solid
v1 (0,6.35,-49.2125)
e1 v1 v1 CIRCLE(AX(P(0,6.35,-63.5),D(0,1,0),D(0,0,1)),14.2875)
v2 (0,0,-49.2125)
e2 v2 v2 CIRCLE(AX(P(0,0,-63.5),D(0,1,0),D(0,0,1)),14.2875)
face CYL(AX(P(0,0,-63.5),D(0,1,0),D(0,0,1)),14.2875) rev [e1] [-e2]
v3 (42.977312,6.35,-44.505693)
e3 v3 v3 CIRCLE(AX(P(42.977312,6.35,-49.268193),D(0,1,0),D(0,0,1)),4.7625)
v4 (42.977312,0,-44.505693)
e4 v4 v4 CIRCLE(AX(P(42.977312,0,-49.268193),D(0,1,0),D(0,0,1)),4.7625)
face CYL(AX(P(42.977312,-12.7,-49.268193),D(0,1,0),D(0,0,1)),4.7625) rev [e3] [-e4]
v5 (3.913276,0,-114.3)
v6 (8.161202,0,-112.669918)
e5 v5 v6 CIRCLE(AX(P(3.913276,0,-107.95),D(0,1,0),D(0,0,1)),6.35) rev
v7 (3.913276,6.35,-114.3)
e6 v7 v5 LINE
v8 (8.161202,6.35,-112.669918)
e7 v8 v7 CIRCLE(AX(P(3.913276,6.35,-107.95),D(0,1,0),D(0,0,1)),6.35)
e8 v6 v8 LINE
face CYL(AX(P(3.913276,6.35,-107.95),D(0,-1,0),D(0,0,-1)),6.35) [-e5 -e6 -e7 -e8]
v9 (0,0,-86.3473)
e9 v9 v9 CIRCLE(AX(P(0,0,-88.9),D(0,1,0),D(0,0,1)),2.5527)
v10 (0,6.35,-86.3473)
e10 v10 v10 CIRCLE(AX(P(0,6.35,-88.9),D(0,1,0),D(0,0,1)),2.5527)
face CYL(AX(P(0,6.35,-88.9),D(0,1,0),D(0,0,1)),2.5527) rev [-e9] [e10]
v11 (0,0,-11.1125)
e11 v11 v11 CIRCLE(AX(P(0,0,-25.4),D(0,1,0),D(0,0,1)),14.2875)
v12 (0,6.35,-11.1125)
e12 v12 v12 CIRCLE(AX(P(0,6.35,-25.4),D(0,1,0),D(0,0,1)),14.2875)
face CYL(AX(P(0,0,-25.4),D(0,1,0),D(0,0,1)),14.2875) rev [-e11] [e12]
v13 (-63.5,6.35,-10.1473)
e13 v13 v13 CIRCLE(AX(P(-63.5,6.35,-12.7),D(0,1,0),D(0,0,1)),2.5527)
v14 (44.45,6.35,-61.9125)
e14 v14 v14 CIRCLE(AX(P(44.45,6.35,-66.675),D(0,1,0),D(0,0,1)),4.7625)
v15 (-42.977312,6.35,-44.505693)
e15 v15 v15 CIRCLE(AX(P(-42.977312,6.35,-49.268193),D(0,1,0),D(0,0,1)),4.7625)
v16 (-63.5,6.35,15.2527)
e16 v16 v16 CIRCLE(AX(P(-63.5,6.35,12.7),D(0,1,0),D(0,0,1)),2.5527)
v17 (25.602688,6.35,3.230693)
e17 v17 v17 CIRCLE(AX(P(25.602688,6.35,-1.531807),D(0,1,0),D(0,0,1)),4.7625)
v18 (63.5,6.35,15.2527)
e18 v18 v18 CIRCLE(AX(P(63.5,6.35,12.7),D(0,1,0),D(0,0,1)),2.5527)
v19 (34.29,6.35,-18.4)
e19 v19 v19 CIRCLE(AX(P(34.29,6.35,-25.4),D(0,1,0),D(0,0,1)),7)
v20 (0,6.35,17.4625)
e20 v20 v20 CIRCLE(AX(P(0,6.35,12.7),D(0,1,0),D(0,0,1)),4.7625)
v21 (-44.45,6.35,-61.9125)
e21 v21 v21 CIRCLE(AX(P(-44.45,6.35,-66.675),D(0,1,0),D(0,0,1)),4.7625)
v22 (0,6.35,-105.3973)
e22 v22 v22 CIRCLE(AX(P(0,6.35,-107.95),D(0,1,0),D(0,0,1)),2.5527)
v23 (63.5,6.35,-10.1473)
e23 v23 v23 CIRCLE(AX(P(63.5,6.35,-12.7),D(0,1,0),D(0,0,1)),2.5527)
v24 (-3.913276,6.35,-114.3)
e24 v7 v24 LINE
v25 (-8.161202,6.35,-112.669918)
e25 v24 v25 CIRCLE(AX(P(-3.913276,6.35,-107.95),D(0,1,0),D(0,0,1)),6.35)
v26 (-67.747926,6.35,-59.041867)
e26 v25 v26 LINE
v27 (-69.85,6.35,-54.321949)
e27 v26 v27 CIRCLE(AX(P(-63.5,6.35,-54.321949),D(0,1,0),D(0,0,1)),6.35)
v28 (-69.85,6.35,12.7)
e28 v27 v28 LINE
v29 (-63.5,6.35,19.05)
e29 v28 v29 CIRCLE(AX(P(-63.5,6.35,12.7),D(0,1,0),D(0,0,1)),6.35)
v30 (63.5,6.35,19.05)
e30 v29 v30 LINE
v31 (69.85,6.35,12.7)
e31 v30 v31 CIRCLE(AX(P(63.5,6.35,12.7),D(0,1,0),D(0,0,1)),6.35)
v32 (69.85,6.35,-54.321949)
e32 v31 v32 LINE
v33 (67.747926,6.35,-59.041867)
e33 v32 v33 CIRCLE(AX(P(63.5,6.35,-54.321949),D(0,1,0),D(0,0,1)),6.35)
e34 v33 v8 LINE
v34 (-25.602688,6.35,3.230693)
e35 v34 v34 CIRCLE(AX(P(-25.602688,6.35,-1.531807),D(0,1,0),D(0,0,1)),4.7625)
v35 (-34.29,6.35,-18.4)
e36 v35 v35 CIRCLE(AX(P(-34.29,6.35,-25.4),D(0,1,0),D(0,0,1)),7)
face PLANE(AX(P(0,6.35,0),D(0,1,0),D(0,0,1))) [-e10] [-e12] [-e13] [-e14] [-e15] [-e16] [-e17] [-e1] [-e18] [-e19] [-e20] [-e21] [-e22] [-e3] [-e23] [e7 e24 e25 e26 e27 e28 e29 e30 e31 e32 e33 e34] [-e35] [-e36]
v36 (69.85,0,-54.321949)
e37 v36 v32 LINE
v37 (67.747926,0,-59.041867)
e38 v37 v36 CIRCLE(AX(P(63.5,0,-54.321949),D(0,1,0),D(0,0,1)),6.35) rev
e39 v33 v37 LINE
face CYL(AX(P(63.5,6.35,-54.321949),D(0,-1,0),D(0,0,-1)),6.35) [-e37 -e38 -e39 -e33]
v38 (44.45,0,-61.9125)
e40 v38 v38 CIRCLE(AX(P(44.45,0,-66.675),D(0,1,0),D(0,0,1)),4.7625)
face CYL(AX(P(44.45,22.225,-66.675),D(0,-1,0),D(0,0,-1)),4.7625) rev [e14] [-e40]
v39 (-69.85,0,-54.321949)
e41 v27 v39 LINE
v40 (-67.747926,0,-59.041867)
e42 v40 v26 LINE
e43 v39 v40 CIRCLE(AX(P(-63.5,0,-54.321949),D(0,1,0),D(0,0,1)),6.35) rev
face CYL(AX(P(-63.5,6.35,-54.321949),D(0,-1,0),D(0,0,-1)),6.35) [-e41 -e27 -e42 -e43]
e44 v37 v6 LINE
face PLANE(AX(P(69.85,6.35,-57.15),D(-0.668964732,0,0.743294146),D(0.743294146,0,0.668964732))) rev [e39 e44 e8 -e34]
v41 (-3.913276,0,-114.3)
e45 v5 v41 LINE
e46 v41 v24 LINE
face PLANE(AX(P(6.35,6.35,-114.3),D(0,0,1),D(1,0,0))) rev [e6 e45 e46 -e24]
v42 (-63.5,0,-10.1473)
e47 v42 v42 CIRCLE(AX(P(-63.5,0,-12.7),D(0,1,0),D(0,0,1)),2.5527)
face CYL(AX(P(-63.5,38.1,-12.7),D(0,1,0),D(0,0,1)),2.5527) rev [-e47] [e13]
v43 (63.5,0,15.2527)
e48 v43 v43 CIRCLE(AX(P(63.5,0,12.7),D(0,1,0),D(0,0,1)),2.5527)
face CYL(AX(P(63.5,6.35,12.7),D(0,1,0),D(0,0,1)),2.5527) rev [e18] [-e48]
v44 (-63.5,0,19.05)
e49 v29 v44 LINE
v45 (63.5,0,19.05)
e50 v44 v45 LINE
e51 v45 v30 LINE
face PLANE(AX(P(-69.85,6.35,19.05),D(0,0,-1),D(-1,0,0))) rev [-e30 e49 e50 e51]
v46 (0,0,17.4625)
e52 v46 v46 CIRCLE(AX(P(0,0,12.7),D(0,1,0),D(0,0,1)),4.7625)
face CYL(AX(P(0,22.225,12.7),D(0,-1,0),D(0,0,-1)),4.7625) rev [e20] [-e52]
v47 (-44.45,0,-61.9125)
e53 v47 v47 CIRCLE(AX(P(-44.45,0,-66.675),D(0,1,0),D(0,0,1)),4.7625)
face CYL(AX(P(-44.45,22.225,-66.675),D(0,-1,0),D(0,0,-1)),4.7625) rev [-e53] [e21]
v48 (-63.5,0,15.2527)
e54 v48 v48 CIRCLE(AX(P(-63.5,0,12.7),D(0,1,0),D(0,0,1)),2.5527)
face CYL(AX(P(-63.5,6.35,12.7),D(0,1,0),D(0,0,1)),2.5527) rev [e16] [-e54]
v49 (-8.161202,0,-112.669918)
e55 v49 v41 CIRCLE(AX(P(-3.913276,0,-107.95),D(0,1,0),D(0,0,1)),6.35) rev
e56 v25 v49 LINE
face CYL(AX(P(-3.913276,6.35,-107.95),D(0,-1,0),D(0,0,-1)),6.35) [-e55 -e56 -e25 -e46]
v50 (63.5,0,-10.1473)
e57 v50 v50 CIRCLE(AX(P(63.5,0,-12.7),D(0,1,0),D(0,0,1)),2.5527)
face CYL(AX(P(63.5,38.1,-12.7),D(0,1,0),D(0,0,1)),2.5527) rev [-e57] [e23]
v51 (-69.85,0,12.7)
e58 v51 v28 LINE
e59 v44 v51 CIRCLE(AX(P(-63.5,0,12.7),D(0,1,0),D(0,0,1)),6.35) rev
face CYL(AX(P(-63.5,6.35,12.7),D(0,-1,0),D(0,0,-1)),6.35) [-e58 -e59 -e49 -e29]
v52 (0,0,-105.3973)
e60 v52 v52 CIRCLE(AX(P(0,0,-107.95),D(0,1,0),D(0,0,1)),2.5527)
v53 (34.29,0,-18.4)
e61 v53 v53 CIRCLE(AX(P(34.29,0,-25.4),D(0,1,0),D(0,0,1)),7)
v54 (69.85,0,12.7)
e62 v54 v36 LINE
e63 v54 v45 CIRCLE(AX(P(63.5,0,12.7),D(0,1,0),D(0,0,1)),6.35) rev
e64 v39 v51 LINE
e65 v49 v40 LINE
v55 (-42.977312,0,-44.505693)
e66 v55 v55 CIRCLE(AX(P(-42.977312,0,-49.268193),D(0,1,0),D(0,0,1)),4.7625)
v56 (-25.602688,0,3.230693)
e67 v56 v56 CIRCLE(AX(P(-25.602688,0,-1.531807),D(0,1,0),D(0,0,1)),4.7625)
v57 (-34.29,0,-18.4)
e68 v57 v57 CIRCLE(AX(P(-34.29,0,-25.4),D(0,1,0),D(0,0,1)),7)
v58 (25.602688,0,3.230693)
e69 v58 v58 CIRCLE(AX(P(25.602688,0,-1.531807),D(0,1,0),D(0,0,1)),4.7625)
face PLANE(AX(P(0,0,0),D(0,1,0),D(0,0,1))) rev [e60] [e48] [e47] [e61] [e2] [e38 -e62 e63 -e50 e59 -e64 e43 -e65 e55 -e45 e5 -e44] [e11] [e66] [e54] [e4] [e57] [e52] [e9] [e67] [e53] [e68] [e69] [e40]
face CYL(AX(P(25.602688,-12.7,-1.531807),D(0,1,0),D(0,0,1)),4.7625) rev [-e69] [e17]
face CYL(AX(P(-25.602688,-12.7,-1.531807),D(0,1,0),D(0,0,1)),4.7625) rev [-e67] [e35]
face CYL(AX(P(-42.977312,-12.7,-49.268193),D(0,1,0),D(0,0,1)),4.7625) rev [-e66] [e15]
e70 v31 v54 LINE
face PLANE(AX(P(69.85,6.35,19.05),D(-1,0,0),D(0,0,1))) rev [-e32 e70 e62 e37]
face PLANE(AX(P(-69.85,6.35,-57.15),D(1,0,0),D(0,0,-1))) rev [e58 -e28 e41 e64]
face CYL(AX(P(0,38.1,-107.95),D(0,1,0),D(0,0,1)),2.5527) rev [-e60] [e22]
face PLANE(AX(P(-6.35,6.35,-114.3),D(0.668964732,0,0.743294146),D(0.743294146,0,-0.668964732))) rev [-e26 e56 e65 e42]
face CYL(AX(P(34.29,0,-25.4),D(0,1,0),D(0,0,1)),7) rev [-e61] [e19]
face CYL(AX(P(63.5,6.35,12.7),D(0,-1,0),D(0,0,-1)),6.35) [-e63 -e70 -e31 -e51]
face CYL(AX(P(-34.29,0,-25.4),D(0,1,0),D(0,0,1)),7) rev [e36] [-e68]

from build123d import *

# Parameters (mm, degrees)
BOSS_EXTRUDE1_DEPTH        = 6.35
SKETCH2_R                  = 7
MOTOR_BEARING_HOLES_DEPTH  = 135.10382172
SKETCH3_R                  = 14.2875
CUT_EXTRUDE1_DEPTH         = 135.10382172
SKETCH4_R                  = 14.2875
CUT_EXTRUDE2_DEPTH         = 135.10382172
SKETCH5_R                  = 4.7625
CUT_EXTRUDE3_DEPTH         = 50.8
F_10_CLEARANCE_HOLE1_D     = 5.1054
F_10_CLEARANCE_HOLE2_D     = 5.1054
F_10_CLEARANCE_HOLE2_DEPTH = 50.8
F_10_CLEARANCE_HOLE2_TIP   = 1.533816902
FILLET1_R                  = 6.35
SKETCH10_R                 = 4.7625
CUT_EXTRUDE4_DEPTH         = 50.8


with BuildPart() as part:
    # Sketch1 → Boss-Extrude1 (new body)
    with BuildSketch(Plane(origin=(0, 0, 0), x_dir=(1, 0, 0), z_dir=(0, 1, 0))):
        Polygon((-69.85, -19.05), (69.85, -19.05), (69.85, 57.15), (6.35, 114.3), (-6.35, 114.3), (-69.85, 57.15), align=None)
    extrude(amount=BOSS_EXTRUDE1_DEPTH)

    # Sketch2 → Motor Bearing Holes (cut, through all)
    with BuildSketch(Plane(origin=(0, 6.35, 0), x_dir=(1, 0, 0), z_dir=(0, 1, 0))):
        with Locations(Location((-34.29, 25.4, 0), (0, 0, 270))):
            Circle(SKETCH2_R)
        with Locations(Location((34.29, 25.4, 0), (0, 0, 270))):
            Circle(SKETCH2_R)
    extrude(amount=-MOTOR_BEARING_HOLES_DEPTH, mode=Mode.SUBTRACT)

    # Sketch3 → Cut-Extrude1 (cut, through all)
    with BuildSketch(Plane(origin=(0, 6.35, 0), x_dir=(1, 0, 0), z_dir=(0, 1, 0))):
        with Locations(Location((0, 25.4, 0), (0, 0, 270))):
            Circle(SKETCH3_R)
    extrude(amount=-CUT_EXTRUDE1_DEPTH, mode=Mode.SUBTRACT)

    # Sketch4 → Cut-Extrude2 (cut, through all)
    with BuildSketch(Plane(origin=(0, 6.35, 0), x_dir=(1, 0, 0), z_dir=(0, 1, 0))):
        with Locations(Location((0, 63.5, 0), (0, 0, 270))):
            Circle(SKETCH4_R)
    extrude(amount=-CUT_EXTRUDE2_DEPTH, mode=Mode.SUBTRACT)

    # Sketch5 → Cut-Extrude3 (cut)
    with BuildSketch(Plane(origin=(0, 38.1, 19.05), x_dir=(-0.9584281674521108, 0, 0.2853339233851958), z_dir=(0, 1, 0))):
        with Locations(Location((21.697168114, -77.740965053, 0), (0, 0, 73.42119018))):
            Circle(SKETCH5_R)
        with Locations(Location((18.665649821, -27.031499499, 0), (0, 0, 73.42119018))):
            Circle(SKETCH5_R)
        with Locations(Location((-30.411025551, -12.420868461, 0), (0, 0, 73.42119018))):
            Circle(SKETCH5_R)
        with Locations(Location((-60.684163962, -53.21519516, 0), (0, 0, 73.42119018))):
            Circle(SKETCH5_R)
    extrude(amount=-CUT_EXTRUDE3_DEPTH, mode=Mode.SUBTRACT)

    # #10 Clearance Hole1 (through all)
    with Locations(Plane(origin=(0, 6.35, 19.05), x_dir=(1, 0, 0), z_dir=(0, 1, 0))):
        with Locations((-63.5, 6.35), (63.5, 6.35), (0, 107.95)):
            Hole(F_10_CLEARANCE_HOLE1_D / 2)

    # #10 Clearance Hole2
    with Locations(Plane(origin=(0, 38.1, 19.05), x_dir=(1, 0, 0), z_dir=(0, 1, 0))):
        with Locations((-63.5, 31.75), (63.5, 31.75), (0, 127)):
            Hole(F_10_CLEARANCE_HOLE2_D / 2, depth=F_10_CLEARANCE_HOLE2_DEPTH)
            with Locations((0, 0, -(F_10_CLEARANCE_HOLE2_DEPTH + F_10_CLEARANCE_HOLE2_TIP / 2))):  # 118° drill point
                Cone(0, F_10_CLEARANCE_HOLE2_D / 2, F_10_CLEARANCE_HOLE2_TIP, mode=Mode.SUBTRACT)

    # Fillet1
    fillet1_edges = [part.edges().sort_by_distance(p)[0] for p in [
        (-69.85, 3.175, -57.15),
        (-6.35, 3.175, -114.3),
        (6.35, 3.175, -114.3),
        (69.85, 3.175, -57.15),
        (69.85, 3.175, 19.05),
        (-69.85, 3.175, 19.05),
    ]]
    fillet(fillet1_edges, radius=FILLET1_R)

    # Sketch10 → Cut-Extrude4 (cut)
    with BuildSketch(Plane(origin=(0, -28.575, 19.05), x_dir=(-1, 0, 0), z_dir=(0, -1, 0))):
        with Locations(Location((-44.45, 85.725, 0), (0, 0, 270))):
            Circle(SKETCH10_R)
        with Locations(Location((44.45, 85.725, 0), (0, 0, 270))):
            Circle(SKETCH10_R)
        with Locations(Location((0, 6.35, 0), (0, 0, 270))):
            Circle(SKETCH10_R)
    extrude(amount=-CUT_EXTRUDE4_DEPTH, mode=Mode.SUBTRACT)


solid = part.part
